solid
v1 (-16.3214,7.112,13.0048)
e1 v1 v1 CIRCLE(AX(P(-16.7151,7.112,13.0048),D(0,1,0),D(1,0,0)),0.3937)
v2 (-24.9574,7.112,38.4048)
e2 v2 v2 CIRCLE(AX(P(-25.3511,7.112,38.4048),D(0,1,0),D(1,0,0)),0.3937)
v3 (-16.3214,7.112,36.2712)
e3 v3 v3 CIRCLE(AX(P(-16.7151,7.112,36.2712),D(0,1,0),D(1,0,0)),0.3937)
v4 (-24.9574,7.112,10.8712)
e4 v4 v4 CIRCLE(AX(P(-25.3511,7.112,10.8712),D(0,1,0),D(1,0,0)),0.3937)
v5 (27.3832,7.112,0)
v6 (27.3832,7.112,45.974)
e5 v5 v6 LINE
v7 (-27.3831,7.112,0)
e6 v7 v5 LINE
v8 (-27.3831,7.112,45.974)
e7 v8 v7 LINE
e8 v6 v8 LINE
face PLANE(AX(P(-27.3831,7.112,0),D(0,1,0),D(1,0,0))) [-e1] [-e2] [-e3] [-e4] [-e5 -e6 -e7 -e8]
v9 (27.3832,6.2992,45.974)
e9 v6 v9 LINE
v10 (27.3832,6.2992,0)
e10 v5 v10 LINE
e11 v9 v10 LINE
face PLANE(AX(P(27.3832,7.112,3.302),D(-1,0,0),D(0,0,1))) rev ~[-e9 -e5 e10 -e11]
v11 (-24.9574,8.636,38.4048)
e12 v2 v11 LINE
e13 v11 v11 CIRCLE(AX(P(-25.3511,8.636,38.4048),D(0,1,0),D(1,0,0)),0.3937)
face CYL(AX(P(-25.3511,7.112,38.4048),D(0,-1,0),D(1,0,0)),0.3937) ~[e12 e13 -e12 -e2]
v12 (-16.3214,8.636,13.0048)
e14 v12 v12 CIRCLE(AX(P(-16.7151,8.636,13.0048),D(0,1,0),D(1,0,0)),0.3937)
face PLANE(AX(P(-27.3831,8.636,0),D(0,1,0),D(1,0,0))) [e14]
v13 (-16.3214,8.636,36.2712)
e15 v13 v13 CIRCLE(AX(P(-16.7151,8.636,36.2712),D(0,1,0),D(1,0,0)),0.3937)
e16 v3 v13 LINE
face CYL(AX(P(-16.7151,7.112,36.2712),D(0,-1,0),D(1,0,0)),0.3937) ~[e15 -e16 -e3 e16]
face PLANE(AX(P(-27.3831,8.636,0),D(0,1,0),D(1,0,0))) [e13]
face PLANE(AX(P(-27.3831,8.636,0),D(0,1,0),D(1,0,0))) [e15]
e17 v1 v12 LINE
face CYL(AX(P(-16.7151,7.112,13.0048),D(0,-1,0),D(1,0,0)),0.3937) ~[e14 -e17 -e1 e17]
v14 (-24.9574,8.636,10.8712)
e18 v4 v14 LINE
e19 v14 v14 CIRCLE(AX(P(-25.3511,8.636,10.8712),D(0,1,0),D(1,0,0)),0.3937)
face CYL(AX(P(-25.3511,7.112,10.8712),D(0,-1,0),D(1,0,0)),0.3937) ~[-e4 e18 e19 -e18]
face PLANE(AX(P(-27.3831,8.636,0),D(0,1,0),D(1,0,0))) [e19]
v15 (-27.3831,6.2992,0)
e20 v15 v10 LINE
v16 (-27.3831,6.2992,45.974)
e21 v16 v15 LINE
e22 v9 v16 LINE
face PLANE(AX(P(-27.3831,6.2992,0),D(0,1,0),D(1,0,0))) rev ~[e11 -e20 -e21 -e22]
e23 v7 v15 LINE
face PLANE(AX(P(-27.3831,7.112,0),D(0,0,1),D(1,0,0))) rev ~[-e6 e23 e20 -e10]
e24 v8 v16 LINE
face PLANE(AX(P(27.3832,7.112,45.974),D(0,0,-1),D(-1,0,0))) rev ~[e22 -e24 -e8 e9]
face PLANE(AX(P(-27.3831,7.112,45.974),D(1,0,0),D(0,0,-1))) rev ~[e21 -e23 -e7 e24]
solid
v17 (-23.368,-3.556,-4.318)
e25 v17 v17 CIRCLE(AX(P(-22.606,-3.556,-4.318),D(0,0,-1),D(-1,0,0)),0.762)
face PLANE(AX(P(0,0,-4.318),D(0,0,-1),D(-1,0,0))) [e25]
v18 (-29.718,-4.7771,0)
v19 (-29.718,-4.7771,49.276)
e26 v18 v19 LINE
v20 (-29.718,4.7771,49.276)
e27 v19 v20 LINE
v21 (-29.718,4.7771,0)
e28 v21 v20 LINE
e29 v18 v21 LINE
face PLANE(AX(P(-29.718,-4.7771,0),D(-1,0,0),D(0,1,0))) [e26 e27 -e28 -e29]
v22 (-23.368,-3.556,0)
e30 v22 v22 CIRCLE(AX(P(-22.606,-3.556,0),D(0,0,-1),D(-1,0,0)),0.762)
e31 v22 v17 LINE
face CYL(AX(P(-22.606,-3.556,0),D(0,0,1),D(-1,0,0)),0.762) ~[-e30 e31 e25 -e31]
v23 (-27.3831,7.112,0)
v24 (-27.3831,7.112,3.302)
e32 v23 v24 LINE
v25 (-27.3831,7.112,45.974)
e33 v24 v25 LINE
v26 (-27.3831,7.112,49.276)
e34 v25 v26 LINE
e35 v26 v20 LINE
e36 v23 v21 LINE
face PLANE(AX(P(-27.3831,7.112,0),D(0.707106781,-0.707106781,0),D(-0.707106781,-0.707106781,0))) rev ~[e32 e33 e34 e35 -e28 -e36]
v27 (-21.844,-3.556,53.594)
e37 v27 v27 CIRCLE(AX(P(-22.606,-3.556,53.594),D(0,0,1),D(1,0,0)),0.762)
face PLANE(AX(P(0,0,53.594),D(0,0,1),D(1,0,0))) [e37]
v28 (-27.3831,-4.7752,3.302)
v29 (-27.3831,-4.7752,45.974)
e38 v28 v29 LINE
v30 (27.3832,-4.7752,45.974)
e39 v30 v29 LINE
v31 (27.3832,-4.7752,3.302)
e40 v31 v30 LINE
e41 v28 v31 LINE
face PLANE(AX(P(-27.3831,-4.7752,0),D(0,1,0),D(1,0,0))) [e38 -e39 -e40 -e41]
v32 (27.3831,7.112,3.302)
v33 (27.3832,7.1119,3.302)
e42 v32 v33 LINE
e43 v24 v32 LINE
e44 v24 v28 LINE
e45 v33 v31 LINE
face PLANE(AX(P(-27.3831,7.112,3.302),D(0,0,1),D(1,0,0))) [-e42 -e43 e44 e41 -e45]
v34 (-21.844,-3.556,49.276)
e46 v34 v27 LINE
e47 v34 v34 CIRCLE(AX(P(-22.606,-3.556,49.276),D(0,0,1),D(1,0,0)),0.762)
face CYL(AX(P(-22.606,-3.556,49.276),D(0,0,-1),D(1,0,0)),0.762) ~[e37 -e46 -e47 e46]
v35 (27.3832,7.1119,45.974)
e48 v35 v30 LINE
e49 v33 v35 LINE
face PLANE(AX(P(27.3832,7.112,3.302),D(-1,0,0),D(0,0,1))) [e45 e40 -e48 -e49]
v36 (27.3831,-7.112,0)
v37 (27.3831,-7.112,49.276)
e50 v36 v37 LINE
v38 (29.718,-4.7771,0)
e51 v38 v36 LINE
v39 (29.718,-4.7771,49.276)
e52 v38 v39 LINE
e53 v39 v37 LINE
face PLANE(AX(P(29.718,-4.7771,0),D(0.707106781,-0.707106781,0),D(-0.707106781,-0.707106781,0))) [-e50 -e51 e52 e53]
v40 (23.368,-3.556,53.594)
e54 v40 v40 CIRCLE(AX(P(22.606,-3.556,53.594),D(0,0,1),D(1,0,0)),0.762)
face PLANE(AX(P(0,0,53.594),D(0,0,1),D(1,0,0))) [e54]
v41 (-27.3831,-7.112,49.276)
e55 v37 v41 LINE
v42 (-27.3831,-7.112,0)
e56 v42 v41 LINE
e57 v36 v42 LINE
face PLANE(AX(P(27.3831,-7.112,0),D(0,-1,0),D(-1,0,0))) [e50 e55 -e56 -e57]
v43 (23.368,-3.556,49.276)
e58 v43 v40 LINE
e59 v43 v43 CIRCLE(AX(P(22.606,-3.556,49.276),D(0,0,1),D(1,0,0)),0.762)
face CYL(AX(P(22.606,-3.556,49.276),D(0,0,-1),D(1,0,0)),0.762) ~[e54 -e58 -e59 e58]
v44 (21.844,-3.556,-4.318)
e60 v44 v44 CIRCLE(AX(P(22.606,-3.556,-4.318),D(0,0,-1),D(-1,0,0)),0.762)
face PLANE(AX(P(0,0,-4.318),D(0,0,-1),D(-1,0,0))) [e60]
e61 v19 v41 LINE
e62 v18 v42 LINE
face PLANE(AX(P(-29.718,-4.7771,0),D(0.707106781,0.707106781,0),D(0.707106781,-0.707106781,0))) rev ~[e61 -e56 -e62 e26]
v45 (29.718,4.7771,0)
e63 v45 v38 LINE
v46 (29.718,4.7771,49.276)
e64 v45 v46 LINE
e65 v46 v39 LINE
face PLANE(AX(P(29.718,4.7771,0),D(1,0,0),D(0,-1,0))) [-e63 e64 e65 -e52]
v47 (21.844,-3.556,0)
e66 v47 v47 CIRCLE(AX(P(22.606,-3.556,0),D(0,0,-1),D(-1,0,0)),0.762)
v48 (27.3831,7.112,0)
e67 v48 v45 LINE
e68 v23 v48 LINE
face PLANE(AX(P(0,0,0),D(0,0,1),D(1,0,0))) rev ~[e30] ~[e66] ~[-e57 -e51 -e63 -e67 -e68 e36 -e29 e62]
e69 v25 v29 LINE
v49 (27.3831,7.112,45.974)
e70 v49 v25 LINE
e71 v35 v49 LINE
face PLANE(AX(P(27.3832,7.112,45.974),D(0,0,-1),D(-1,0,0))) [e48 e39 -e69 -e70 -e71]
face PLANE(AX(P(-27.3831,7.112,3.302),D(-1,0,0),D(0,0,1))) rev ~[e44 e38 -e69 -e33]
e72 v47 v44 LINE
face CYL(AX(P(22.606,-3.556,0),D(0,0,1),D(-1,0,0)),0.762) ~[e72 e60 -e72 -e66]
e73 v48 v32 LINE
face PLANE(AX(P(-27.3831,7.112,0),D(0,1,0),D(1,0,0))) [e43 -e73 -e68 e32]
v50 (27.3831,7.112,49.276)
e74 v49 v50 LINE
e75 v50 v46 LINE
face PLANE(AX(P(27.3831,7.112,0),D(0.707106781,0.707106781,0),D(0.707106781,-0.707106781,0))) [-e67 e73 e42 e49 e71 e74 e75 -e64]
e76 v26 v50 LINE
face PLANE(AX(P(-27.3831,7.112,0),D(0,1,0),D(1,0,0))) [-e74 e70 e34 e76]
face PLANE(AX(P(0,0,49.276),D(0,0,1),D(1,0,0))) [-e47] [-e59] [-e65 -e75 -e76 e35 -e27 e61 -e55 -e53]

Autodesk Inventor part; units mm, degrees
ref_plane "YZ Plane" through (0, 0, 0) normal (1, 0, 0) x (0, 1, 0)
ref_plane "XZ Plane" through (0, 0, 0) normal (0, 1, 0) x (-1, 0, 0)
ref_plane "XY Plane" through (0, 0, 0) normal (0, 0, 1) x (1, 0, 0)
sketch "Sketch1" plane through (0, 0, 0) normal (0, 0, 1) x (1, 0, 0)
  line L0 (-27.3831, 7.112) -> (27.3831, 7.112)
  line L1 (29.718, 4.7771) -> (29.718, -4.7771)
  line L2 (27.3831, -7.112) -> (-27.3831, -7.112)
  line L3 (-29.718, -4.7771) -> (-29.718, 4.7771)
  line L4 (-27.3831, 7.112) -> (-29.718, 4.7771)
  line L5 (-29.718, -4.7771) -> (-27.3831, -7.112)
  line L6 (27.3831, 7.112) -> (29.718, 4.7771)
  line L7 (29.718, -4.7771) -> (27.3831, -7.112)
  point P0 (0, 0)
  point P1 (-29.718, 7.112)
  point P2 (29.718, -7.112)
  point P3 (29.718, 7.112)
  point P4 (-29.718, -7.112)
  point P5 (29.718, 0)
  point P6 (0, 7.112)
  dimension "d0" = 59.436
  dimension "d1" = 14.224
  dimension "d4" = 3.302
  dimension "d5" = 135
  dimension "d7" = 45
  dimension "d8" = 3.302
  dimension "d10" = 45
  dimension "d11" = 3.302
  dimension "d13" = 45
  dimension "d14" = 3.302
extrude "Extrusion1" add sketch "Sketch1" along normal blind 49.276
sketch "Sketch2" plane through (0, 0, 49.276) normal (0, 0, 1) x (1, 0, 0)
  circle A0 centre (-22.606, -3.556) radius 0.762
  line L0 (-27.3831, -7.112) -> (27.3831, -7.112) projected
  circle A1 centre (22.606, -3.556) radius 0.762
  line L1 (-29.718, 4.7771) -> (-29.718, -4.7771) projected
  line L2 (29.718, -4.7771) -> (29.718, 4.7771) projected
  point P0 (0, 0)
  dimension "d17" = 3.556
  dimension "d18" = 3.556
  dimension "d19" = 1.524
  dimension "d20" = 1.524
  dimension "d21" = 7.112
  dimension "d22" = 7.112
extrude "Extrusion2" add sketch "Sketch2" along normal blind 4.318
sketch "Sketch3" plane through (0, 0, 0) normal (0, 0, -1) x (-1, 0, 0)
  circle A0 centre (22.606, -3.556) radius 0.762 projected
  circle A1 centre (-22.606, -3.556) radius 0.762 projected
  circle A2 centre (-22.606, -3.556) radius 0.762
  circle A3 centre (22.606, -3.556) radius 0.762
  point P0 (0, 0)
extrude "Extrusion3" add sketch "Sketch3" along normal blind 4.318
sketch "Sketch4" plane through (-27.3831, 7.112, 0) normal (0, 1, 0) x (1, 0, 0)
  line L0 (0, 0) -> (0, -49.276) projected
  line L1 (54.7663, 0) -> (54.7663, -49.276) projected
  line L2 (0, -3.302) -> (54.7663, -3.302)
  line L3 (54.7663, -3.302) -> (54.7663, -45.974)
  line L4 (54.7663, -45.974) -> (0, -45.974)
  line L5 (0, -45.974) -> (0, -3.302)
  point P0 (27.3831, 0)
  dimension "d30" = 42.672
  dimension "d31" = 3.302
extrude "Extrusion4" cut sketch "Sketch4" against normal blind 11.8872
sketch "Sketch5" plane through (-27.3831, 7.112, 0) normal (0, 1, 0) x (1, 0, 0)
  line L0 (0, 0) -> (-2.3349, 0) projected
  line L1 (54.7663, -3.302) -> (54.7663, -45.974) projected
  line L2 (0, 0) -> (54.7663, 0)
  line L3 (54.7663, 0) -> (54.7663, -45.974)
  line L4 (54.7663, -45.974) -> (0, -45.974)
  line L5 (0, -45.974) -> (0, 0)
  point P0 (27.3831, 0)
extrude "Extrusion5" add sketch "Sketch5" against normal blind 0.8128 separate body
sketch "Sketch6" plane through (-27.3831, 7.112, 0) normal (0, 1, 0) x (1, 0, 0)
  line L0 (0, -3.302) -> (0, -45.974) projected
  line L1 (54.7663, -3.302) -> (54.7663, -45.974) projected
  line L2 (54.7663, -49.276) -> (0, -49.276) projected
  line L3 (54.7663, 0) -> (0, 0) projected
  line L4 (0, 0) -> (0, -3.302) projected
  line L5 (0, -45.974) -> (0, -49.276) projected
  line L6 (54.7663, -45.974) -> (54.7663, -49.276) projected
  line L7 (54.7663, 0) -> (54.7663, -3.302) projected
  circle A0 centre (1.778, -44.704) radius 0.3937
  circle A1 centre (1.778, -4.572) radius 0.3937
  circle A2 centre (52.9883, -44.704) radius 0.3937
  circle A3 centre (52.9883, -4.572) radius 0.3937
  circle A4 centre (2.032, -38.4048) radius 0.3937
  circle A5 centre (2.032, -10.8712) radius 0.3937
  circle A6 centre (10.668, -36.2712) radius 0.3937
  circle A7 centre (10.668, -13.0048) radius 0.3937
  point P0 (27.3831, 0)
  point P1 (20.7303, -8.4836)
  point P2 (41.8123, -8.4836)
  point P3 (25.5563, -17.78)
  point P4 (48.1623, -17.78)
  point P5 (48.1623, -39.37)
  point P6 (25.5563, -39.37)
  dimension "d40" = 21.082
  dimension "d43" = 12.954
  dimension "d48" = 1.778
  dimension "d49" = 1.778
  dimension "d50" = 1.778
  dimension "d51" = 1.778
  dimension "d53" = 22.606
  dimension "d55" = 22.606
  dimension "d56" = 21.59
  dimension "d57" = 21.59
  dimension "d62" = 6.604
  dimension "d74" = 2.032
  dimension "d77" = 8.636
  dimension "d78" = 8.636
  dimension "d79" = 2.1336
  dimension "d80" = 2.1336
  dimension "d83" = 4.572
  dimension "d84" = 4.572
  dimension "d85" = 4.572
  dimension "d86" = 4.572
  dimension "d87" = 0.7874
  dimension "d88" = 0.7874
  dimension "d89" = 0.7874
  dimension "d90" = 0.7874
  dimension "d91" = 0.7874
  dimension "d92" = 0.7874
  dimension "d93" = 0.7874
  dimension "d94" = 0.7874
  dimension "d95" = 10.8712
  dimension "d96" = 10.8712
extrude "Extrusion6" add sketch "Sketch6" along normal blind 1.524 contours A4 | A5 | A6 | A7 bodies 2
equation "\"d18\" = d17"
equation "\"d22\" = d21"
equation "\"d48\" = d49"
equation "\"d50\" = d48"
equation "\"d51\" = d48"
equation "\"d55\" = d53"
equation "\"d57\" = d56"
equation "\"d78\" = d77"
equation "\"d80\" = d79"
equation "\"d84\" = d83"
equation "\"d85\" = d83"
equation "\"d86\" = d83"
equation "\"d96\" = d95"
properties part number "Chassis"
